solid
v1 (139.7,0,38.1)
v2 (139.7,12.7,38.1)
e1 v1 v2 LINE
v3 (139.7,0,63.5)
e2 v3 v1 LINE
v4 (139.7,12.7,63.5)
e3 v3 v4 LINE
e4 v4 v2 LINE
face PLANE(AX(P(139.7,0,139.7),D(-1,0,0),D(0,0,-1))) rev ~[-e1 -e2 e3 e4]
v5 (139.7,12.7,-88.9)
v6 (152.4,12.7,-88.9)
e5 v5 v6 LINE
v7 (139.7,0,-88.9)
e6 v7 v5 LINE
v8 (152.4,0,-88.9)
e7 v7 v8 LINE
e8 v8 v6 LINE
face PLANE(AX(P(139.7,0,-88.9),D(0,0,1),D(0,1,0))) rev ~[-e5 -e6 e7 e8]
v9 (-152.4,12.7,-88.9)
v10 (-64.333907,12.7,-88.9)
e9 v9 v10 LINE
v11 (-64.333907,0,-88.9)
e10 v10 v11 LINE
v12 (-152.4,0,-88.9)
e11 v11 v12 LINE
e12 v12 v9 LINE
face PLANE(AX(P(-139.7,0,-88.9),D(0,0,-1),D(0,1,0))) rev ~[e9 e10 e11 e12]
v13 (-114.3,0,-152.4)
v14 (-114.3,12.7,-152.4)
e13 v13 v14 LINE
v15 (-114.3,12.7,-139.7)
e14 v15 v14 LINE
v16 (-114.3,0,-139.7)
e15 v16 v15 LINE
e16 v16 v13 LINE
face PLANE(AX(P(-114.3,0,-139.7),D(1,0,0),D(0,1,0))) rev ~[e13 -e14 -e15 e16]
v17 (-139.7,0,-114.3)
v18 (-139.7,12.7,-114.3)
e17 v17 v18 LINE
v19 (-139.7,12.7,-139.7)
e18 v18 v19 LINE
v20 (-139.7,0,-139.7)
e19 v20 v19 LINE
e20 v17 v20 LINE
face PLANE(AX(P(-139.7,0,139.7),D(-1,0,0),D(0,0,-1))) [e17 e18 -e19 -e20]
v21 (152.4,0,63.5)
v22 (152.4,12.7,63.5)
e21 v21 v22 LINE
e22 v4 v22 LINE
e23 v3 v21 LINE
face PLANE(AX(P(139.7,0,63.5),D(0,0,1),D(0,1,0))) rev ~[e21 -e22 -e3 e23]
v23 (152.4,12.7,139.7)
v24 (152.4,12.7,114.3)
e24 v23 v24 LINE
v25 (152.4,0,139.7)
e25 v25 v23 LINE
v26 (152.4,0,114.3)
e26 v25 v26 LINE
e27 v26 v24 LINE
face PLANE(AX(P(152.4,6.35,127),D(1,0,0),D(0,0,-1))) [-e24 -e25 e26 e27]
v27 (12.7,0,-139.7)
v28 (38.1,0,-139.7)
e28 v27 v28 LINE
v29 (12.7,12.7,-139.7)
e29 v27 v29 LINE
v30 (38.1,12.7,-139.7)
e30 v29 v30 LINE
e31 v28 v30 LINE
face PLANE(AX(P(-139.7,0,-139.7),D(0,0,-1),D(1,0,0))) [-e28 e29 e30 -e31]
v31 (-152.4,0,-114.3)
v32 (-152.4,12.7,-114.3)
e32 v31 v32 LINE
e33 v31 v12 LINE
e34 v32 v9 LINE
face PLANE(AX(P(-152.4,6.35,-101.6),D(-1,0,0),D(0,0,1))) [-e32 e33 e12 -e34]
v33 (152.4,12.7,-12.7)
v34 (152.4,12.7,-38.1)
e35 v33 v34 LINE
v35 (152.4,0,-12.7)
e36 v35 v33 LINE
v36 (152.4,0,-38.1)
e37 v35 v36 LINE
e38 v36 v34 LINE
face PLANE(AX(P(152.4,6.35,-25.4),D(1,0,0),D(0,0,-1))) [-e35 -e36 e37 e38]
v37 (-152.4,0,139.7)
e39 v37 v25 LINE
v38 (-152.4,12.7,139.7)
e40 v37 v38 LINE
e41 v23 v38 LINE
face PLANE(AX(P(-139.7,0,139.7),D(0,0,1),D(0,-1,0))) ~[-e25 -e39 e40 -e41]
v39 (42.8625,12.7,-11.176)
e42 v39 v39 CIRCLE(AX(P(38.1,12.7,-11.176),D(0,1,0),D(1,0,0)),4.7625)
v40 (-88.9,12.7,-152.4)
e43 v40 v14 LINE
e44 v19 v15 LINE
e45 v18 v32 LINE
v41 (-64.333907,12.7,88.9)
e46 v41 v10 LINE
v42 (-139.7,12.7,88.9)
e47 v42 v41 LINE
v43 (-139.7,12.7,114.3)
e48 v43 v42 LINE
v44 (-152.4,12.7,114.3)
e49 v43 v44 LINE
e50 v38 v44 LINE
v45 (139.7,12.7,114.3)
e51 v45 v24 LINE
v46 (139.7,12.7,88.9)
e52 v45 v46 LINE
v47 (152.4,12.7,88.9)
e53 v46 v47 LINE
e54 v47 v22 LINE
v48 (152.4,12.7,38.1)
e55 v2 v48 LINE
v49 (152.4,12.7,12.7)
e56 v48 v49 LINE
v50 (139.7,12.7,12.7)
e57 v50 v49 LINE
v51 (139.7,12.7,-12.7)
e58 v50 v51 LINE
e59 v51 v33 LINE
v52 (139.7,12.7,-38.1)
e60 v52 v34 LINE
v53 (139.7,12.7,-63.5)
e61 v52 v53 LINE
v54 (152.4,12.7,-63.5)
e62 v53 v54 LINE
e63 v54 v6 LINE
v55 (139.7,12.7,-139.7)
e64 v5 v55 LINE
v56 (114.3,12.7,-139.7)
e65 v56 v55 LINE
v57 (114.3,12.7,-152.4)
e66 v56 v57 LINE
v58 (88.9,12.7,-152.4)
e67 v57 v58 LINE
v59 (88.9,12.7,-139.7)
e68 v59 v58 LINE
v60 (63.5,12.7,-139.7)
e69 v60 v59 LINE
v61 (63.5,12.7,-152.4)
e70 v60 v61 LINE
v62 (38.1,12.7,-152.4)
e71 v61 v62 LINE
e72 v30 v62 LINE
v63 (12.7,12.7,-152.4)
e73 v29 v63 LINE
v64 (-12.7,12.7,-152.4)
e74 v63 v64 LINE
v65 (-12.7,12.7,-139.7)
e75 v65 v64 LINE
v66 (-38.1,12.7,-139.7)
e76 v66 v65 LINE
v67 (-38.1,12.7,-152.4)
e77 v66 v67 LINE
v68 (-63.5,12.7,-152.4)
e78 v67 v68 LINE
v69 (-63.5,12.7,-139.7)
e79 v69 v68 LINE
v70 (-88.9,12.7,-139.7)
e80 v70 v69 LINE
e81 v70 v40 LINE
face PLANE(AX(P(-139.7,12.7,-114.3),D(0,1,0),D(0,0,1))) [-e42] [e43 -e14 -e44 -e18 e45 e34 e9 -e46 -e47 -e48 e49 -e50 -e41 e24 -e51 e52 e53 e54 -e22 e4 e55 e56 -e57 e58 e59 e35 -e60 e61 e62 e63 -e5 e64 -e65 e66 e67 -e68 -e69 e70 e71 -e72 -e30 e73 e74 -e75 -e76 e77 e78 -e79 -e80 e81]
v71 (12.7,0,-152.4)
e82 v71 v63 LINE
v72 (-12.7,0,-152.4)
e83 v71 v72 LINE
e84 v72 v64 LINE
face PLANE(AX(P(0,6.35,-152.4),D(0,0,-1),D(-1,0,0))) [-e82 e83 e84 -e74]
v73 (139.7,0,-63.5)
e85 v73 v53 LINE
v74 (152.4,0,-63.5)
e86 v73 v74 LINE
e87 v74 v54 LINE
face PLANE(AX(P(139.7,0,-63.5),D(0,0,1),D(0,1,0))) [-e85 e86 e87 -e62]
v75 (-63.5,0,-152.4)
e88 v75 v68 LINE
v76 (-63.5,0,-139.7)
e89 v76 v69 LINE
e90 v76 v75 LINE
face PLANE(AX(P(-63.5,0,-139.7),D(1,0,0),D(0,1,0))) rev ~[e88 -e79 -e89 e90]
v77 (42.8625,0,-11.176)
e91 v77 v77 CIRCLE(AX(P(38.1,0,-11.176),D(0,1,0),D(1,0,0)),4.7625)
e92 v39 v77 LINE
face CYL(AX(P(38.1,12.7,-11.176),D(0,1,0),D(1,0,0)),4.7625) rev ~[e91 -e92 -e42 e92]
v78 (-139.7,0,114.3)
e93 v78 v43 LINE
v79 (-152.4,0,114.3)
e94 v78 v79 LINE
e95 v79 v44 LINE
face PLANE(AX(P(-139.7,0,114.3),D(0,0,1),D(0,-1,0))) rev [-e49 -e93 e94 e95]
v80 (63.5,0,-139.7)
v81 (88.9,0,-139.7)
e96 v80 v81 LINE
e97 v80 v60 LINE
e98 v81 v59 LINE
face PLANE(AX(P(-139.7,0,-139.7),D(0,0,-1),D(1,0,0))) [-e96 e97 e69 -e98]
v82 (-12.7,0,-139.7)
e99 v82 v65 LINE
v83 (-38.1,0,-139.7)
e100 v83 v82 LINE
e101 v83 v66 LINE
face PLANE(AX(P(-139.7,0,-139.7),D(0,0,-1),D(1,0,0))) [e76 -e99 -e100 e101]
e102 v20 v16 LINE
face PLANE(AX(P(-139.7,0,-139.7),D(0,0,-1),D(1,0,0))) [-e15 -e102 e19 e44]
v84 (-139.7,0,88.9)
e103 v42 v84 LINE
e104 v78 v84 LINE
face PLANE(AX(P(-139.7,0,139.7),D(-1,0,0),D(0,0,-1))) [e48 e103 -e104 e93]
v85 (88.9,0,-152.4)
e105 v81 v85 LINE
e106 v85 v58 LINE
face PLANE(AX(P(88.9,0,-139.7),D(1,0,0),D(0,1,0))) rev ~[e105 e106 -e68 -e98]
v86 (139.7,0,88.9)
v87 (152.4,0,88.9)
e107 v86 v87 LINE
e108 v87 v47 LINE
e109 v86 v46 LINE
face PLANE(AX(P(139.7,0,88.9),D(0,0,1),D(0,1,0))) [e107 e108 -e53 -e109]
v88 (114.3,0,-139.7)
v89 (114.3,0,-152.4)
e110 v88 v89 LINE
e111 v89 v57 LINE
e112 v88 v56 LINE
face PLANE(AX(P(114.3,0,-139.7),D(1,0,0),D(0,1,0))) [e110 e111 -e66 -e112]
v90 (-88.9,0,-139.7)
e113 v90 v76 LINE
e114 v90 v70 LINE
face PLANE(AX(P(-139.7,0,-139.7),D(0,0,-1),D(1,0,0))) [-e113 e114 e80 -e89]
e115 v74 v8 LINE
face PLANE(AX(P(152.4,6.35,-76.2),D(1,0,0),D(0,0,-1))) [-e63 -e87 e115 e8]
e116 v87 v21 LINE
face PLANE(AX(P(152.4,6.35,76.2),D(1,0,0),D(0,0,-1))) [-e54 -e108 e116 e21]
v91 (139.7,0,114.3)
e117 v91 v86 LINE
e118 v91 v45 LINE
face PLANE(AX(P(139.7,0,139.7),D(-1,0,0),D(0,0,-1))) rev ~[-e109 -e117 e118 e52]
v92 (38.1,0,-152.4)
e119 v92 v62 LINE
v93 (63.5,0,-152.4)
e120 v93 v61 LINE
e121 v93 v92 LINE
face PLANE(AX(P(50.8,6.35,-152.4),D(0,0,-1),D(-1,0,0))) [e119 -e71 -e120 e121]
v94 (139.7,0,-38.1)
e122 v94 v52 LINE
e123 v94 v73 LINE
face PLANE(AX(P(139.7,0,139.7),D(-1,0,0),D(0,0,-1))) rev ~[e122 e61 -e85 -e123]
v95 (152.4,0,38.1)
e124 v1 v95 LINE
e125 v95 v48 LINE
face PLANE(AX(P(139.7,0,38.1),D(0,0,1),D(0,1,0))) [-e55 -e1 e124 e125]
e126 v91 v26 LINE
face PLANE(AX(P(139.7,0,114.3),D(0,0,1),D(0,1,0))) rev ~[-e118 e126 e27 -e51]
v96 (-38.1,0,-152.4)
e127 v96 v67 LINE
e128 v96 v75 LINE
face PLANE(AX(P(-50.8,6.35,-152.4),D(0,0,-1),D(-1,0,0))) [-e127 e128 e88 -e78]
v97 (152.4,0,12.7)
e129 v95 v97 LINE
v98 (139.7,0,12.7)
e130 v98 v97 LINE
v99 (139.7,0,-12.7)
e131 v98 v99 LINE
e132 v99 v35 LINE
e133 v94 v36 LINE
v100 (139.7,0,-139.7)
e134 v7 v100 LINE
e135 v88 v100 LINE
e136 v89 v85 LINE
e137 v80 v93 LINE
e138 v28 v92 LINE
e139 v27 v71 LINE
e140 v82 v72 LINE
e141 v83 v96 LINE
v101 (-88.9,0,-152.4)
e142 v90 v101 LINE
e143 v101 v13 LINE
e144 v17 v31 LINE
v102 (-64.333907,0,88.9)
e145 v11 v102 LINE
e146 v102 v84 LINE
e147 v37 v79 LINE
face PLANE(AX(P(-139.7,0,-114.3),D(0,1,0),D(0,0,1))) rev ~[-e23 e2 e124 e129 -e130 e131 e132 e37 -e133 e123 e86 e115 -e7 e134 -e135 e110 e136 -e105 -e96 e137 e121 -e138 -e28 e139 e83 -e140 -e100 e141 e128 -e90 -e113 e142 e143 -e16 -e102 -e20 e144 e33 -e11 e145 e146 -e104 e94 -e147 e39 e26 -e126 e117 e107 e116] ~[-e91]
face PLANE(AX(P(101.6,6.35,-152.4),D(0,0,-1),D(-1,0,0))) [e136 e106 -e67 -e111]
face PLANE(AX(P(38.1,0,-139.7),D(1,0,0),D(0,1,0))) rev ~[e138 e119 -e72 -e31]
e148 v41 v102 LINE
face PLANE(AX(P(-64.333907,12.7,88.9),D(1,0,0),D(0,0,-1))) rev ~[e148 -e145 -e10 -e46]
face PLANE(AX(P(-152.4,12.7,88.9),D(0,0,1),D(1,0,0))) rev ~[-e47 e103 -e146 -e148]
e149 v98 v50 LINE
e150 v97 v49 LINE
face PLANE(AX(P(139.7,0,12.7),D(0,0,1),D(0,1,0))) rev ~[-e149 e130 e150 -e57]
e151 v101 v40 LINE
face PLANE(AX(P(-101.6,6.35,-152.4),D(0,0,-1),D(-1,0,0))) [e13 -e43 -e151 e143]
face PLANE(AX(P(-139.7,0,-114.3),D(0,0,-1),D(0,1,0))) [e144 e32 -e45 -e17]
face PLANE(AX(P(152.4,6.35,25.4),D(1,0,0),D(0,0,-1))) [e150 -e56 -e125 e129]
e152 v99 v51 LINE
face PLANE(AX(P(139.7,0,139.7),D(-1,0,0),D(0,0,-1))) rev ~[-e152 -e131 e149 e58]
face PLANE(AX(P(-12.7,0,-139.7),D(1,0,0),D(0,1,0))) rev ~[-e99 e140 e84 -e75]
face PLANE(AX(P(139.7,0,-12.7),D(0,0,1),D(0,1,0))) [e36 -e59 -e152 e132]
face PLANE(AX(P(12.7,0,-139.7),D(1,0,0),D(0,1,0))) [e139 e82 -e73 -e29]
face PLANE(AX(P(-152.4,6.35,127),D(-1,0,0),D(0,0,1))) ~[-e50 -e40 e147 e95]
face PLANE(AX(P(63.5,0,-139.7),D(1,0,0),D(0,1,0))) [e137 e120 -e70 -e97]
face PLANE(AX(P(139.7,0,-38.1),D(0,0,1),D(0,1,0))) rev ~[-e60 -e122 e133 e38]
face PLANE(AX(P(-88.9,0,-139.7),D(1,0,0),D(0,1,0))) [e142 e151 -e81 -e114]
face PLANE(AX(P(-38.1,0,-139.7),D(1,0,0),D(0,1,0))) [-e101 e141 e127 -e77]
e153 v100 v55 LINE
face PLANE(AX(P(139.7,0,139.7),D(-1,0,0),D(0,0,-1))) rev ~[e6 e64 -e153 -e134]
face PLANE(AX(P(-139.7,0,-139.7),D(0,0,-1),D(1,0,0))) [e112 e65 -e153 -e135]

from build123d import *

# Parameters (mm, degrees)
SKETCH1_W               = 279.4
SKETCH1_H               = 279.4
BOSS_EXTRUDE1_DEPTH     = 12.7
SKETCH2_W               = 25.4
SKETCH2_H               = 12.7
BOSS_EXTRUDE2_DEPTH     = 12.7
LPATTERN1_COUNT         = 5
LPATTERN1_PITCH         = 50.8
MIRROR1_COPY_1_SKETCH_W = 25.4
MIRROR1_COPY_1_SKETCH_H = 12.7
MIRROR1_COPY_1_DEPTH    = 12.7
MIRROR1_COPY_2_SKETCH_W = 25.4
MIRROR1_COPY_2_SKETCH_H = 12.7
MIRROR1_COPY_2_DEPTH    = 12.7
MIRROR1_COPY_3_SKETCH_W = 25.4
MIRROR1_COPY_3_SKETCH_H = 12.7
MIRROR1_COPY_3_DEPTH    = 12.7
MIRROR1_COPY_4_SKETCH_W = 25.4
MIRROR1_COPY_4_SKETCH_H = 12.7
MIRROR1_COPY_4_DEPTH    = 12.7
SKETCH3_W               = 25.4
SKETCH3_H               = 12.7
BOSS_EXTRUDE3_DEPTH     = 12.7
LPATTERN2_COUNT         = 5
LPATTERN2_PITCH         = 50.8
SKETCH6_R               = 4.7625
CUT_EXTRUDE1_DEPTH      = 13.7
SKETCH8_W               = 88.066093183
SKETCH8_H               = 177.8
CUT_EXTRUDE3_DEPTH      = 13.7
SKETCH9_W               = 25.4
SKETCH9_H               = 12.7
BOSS_EXTRUDE4_DEPTH     = 12.7


with BuildPart() as part:
    # Sketch1 → Boss-Extrude1 (new body)
    with BuildSketch(Plane(origin=(0, 0, 0), x_dir=(1, 0, 0), z_dir=(0, 1, 0))):
        Rectangle(SKETCH1_W, SKETCH1_H)
    extrude(amount=BOSS_EXTRUDE1_DEPTH)

    # Sketch2 → Boss-Extrude2 (add)
    with BuildSketch(Plane(origin=(139.7, 0, 0), x_dir=(0, 0, -1), z_dir=(1, 0, 0))):
        with Locations((-127, 6.35)):
            Rectangle(SKETCH2_W, SKETCH2_H)
    boss_extrude2 = extrude(amount=BOSS_EXTRUDE2_DEPTH)

    # LPattern1: Boss-Extrude2 ×5
    with Locations(*[(0, 0, -i * LPATTERN1_PITCH) for i in range(1, LPATTERN1_COUNT)]):
        add(boss_extrude2)

    # Mirror1: Boss-Extrude2 across plane
    add(boss_extrude2.mirror(Plane(origin=(0, 0, 0), x_dir=(0, 0, 1), z_dir=(1, 0, 0))))

    # Mirror1 copy 1 sketch → Mirror1 copy 1 (add)
    with BuildSketch(Plane(origin=(-139.7, 0, -50.8), x_dir=(0, 0, -1), z_dir=(-1, 0, 0))):
        with Locations((-127, -6.35)):
            Rectangle(MIRROR1_COPY_1_SKETCH_W, MIRROR1_COPY_1_SKETCH_H)
    extrude(amount=MIRROR1_COPY_1_DEPTH)

    # Mirror1 copy 2 sketch → Mirror1 copy 2 (add)
    with BuildSketch(Plane(origin=(-139.7, 0, -101.6), x_dir=(0, 0, -1), z_dir=(-1, 0, 0))):
        with Locations((-127, -6.35)):
            Rectangle(MIRROR1_COPY_2_SKETCH_W, MIRROR1_COPY_2_SKETCH_H)
    extrude(amount=MIRROR1_COPY_2_DEPTH)

    # Mirror1 copy 3 sketch → Mirror1 copy 3 (add)
    with BuildSketch(Plane(origin=(-139.7, 0, -152.4), x_dir=(0, 0, -1), z_dir=(-1, 0, 0))):
        with Locations((-127, -6.35)):
            Rectangle(MIRROR1_COPY_3_SKETCH_W, MIRROR1_COPY_3_SKETCH_H)
    extrude(amount=MIRROR1_COPY_3_DEPTH)

    # Mirror1 copy 4 sketch → Mirror1 copy 4 (add)
    with BuildSketch(Plane(origin=(-139.7, 0, -203.2), x_dir=(0, 0, -1), z_dir=(-1, 0, 0))):
        with Locations((-127, -6.35)):
            Rectangle(MIRROR1_COPY_4_SKETCH_W, MIRROR1_COPY_4_SKETCH_H)
    extrude(amount=MIRROR1_COPY_4_DEPTH)

    # Sketch3 → Boss-Extrude3 (add)
    with BuildSketch(Plane(origin=(0, 0, -139.7), x_dir=(-1, 0, 0), z_dir=(0, 0, -1))):
        with Locations((-101.6, 6.35)):
            Rectangle(SKETCH3_W, SKETCH3_H)
    boss_extrude3 = extrude(amount=BOSS_EXTRUDE3_DEPTH)

    # LPattern2: Boss-Extrude3 ×5
    with Locations(*[(-i * LPATTERN2_PITCH, 0, 0) for i in range(1, LPATTERN2_COUNT)]):
        add(boss_extrude3)

    # Sketch6 → Cut-Extrude1 (cut, through all)
    with BuildSketch(Plane(origin=(0, 12.7, 0), x_dir=(1, 0, 0), z_dir=(0, 1, 0))):
        with Locations((38.1, 11.176)):
            Circle(SKETCH6_R)
    extrude(amount=-CUT_EXTRUDE1_DEPTH, mode=Mode.SUBTRACT)

    # Sketch8 → Cut-Extrude3 (cut, through all)
    with BuildSketch(Plane(origin=(0, 12.7, 0), x_dir=(1, 0, 0), z_dir=(0, 1, 0))):
        with Locations((-108.366953408, 0)):
            Rectangle(SKETCH8_W, SKETCH8_H)
    extrude(amount=-CUT_EXTRUDE3_DEPTH, mode=Mode.SUBTRACT)

    # Sketch9 → Boss-Extrude4 (add)
    with BuildSketch(Plane.ZY.offset(139.7)):
        with Locations((-101.6, 6.35)):
            Rectangle(SKETCH9_W, SKETCH9_H)
    extrude(amount=BOSS_EXTRUDE4_DEPTH)


solid = part.part
